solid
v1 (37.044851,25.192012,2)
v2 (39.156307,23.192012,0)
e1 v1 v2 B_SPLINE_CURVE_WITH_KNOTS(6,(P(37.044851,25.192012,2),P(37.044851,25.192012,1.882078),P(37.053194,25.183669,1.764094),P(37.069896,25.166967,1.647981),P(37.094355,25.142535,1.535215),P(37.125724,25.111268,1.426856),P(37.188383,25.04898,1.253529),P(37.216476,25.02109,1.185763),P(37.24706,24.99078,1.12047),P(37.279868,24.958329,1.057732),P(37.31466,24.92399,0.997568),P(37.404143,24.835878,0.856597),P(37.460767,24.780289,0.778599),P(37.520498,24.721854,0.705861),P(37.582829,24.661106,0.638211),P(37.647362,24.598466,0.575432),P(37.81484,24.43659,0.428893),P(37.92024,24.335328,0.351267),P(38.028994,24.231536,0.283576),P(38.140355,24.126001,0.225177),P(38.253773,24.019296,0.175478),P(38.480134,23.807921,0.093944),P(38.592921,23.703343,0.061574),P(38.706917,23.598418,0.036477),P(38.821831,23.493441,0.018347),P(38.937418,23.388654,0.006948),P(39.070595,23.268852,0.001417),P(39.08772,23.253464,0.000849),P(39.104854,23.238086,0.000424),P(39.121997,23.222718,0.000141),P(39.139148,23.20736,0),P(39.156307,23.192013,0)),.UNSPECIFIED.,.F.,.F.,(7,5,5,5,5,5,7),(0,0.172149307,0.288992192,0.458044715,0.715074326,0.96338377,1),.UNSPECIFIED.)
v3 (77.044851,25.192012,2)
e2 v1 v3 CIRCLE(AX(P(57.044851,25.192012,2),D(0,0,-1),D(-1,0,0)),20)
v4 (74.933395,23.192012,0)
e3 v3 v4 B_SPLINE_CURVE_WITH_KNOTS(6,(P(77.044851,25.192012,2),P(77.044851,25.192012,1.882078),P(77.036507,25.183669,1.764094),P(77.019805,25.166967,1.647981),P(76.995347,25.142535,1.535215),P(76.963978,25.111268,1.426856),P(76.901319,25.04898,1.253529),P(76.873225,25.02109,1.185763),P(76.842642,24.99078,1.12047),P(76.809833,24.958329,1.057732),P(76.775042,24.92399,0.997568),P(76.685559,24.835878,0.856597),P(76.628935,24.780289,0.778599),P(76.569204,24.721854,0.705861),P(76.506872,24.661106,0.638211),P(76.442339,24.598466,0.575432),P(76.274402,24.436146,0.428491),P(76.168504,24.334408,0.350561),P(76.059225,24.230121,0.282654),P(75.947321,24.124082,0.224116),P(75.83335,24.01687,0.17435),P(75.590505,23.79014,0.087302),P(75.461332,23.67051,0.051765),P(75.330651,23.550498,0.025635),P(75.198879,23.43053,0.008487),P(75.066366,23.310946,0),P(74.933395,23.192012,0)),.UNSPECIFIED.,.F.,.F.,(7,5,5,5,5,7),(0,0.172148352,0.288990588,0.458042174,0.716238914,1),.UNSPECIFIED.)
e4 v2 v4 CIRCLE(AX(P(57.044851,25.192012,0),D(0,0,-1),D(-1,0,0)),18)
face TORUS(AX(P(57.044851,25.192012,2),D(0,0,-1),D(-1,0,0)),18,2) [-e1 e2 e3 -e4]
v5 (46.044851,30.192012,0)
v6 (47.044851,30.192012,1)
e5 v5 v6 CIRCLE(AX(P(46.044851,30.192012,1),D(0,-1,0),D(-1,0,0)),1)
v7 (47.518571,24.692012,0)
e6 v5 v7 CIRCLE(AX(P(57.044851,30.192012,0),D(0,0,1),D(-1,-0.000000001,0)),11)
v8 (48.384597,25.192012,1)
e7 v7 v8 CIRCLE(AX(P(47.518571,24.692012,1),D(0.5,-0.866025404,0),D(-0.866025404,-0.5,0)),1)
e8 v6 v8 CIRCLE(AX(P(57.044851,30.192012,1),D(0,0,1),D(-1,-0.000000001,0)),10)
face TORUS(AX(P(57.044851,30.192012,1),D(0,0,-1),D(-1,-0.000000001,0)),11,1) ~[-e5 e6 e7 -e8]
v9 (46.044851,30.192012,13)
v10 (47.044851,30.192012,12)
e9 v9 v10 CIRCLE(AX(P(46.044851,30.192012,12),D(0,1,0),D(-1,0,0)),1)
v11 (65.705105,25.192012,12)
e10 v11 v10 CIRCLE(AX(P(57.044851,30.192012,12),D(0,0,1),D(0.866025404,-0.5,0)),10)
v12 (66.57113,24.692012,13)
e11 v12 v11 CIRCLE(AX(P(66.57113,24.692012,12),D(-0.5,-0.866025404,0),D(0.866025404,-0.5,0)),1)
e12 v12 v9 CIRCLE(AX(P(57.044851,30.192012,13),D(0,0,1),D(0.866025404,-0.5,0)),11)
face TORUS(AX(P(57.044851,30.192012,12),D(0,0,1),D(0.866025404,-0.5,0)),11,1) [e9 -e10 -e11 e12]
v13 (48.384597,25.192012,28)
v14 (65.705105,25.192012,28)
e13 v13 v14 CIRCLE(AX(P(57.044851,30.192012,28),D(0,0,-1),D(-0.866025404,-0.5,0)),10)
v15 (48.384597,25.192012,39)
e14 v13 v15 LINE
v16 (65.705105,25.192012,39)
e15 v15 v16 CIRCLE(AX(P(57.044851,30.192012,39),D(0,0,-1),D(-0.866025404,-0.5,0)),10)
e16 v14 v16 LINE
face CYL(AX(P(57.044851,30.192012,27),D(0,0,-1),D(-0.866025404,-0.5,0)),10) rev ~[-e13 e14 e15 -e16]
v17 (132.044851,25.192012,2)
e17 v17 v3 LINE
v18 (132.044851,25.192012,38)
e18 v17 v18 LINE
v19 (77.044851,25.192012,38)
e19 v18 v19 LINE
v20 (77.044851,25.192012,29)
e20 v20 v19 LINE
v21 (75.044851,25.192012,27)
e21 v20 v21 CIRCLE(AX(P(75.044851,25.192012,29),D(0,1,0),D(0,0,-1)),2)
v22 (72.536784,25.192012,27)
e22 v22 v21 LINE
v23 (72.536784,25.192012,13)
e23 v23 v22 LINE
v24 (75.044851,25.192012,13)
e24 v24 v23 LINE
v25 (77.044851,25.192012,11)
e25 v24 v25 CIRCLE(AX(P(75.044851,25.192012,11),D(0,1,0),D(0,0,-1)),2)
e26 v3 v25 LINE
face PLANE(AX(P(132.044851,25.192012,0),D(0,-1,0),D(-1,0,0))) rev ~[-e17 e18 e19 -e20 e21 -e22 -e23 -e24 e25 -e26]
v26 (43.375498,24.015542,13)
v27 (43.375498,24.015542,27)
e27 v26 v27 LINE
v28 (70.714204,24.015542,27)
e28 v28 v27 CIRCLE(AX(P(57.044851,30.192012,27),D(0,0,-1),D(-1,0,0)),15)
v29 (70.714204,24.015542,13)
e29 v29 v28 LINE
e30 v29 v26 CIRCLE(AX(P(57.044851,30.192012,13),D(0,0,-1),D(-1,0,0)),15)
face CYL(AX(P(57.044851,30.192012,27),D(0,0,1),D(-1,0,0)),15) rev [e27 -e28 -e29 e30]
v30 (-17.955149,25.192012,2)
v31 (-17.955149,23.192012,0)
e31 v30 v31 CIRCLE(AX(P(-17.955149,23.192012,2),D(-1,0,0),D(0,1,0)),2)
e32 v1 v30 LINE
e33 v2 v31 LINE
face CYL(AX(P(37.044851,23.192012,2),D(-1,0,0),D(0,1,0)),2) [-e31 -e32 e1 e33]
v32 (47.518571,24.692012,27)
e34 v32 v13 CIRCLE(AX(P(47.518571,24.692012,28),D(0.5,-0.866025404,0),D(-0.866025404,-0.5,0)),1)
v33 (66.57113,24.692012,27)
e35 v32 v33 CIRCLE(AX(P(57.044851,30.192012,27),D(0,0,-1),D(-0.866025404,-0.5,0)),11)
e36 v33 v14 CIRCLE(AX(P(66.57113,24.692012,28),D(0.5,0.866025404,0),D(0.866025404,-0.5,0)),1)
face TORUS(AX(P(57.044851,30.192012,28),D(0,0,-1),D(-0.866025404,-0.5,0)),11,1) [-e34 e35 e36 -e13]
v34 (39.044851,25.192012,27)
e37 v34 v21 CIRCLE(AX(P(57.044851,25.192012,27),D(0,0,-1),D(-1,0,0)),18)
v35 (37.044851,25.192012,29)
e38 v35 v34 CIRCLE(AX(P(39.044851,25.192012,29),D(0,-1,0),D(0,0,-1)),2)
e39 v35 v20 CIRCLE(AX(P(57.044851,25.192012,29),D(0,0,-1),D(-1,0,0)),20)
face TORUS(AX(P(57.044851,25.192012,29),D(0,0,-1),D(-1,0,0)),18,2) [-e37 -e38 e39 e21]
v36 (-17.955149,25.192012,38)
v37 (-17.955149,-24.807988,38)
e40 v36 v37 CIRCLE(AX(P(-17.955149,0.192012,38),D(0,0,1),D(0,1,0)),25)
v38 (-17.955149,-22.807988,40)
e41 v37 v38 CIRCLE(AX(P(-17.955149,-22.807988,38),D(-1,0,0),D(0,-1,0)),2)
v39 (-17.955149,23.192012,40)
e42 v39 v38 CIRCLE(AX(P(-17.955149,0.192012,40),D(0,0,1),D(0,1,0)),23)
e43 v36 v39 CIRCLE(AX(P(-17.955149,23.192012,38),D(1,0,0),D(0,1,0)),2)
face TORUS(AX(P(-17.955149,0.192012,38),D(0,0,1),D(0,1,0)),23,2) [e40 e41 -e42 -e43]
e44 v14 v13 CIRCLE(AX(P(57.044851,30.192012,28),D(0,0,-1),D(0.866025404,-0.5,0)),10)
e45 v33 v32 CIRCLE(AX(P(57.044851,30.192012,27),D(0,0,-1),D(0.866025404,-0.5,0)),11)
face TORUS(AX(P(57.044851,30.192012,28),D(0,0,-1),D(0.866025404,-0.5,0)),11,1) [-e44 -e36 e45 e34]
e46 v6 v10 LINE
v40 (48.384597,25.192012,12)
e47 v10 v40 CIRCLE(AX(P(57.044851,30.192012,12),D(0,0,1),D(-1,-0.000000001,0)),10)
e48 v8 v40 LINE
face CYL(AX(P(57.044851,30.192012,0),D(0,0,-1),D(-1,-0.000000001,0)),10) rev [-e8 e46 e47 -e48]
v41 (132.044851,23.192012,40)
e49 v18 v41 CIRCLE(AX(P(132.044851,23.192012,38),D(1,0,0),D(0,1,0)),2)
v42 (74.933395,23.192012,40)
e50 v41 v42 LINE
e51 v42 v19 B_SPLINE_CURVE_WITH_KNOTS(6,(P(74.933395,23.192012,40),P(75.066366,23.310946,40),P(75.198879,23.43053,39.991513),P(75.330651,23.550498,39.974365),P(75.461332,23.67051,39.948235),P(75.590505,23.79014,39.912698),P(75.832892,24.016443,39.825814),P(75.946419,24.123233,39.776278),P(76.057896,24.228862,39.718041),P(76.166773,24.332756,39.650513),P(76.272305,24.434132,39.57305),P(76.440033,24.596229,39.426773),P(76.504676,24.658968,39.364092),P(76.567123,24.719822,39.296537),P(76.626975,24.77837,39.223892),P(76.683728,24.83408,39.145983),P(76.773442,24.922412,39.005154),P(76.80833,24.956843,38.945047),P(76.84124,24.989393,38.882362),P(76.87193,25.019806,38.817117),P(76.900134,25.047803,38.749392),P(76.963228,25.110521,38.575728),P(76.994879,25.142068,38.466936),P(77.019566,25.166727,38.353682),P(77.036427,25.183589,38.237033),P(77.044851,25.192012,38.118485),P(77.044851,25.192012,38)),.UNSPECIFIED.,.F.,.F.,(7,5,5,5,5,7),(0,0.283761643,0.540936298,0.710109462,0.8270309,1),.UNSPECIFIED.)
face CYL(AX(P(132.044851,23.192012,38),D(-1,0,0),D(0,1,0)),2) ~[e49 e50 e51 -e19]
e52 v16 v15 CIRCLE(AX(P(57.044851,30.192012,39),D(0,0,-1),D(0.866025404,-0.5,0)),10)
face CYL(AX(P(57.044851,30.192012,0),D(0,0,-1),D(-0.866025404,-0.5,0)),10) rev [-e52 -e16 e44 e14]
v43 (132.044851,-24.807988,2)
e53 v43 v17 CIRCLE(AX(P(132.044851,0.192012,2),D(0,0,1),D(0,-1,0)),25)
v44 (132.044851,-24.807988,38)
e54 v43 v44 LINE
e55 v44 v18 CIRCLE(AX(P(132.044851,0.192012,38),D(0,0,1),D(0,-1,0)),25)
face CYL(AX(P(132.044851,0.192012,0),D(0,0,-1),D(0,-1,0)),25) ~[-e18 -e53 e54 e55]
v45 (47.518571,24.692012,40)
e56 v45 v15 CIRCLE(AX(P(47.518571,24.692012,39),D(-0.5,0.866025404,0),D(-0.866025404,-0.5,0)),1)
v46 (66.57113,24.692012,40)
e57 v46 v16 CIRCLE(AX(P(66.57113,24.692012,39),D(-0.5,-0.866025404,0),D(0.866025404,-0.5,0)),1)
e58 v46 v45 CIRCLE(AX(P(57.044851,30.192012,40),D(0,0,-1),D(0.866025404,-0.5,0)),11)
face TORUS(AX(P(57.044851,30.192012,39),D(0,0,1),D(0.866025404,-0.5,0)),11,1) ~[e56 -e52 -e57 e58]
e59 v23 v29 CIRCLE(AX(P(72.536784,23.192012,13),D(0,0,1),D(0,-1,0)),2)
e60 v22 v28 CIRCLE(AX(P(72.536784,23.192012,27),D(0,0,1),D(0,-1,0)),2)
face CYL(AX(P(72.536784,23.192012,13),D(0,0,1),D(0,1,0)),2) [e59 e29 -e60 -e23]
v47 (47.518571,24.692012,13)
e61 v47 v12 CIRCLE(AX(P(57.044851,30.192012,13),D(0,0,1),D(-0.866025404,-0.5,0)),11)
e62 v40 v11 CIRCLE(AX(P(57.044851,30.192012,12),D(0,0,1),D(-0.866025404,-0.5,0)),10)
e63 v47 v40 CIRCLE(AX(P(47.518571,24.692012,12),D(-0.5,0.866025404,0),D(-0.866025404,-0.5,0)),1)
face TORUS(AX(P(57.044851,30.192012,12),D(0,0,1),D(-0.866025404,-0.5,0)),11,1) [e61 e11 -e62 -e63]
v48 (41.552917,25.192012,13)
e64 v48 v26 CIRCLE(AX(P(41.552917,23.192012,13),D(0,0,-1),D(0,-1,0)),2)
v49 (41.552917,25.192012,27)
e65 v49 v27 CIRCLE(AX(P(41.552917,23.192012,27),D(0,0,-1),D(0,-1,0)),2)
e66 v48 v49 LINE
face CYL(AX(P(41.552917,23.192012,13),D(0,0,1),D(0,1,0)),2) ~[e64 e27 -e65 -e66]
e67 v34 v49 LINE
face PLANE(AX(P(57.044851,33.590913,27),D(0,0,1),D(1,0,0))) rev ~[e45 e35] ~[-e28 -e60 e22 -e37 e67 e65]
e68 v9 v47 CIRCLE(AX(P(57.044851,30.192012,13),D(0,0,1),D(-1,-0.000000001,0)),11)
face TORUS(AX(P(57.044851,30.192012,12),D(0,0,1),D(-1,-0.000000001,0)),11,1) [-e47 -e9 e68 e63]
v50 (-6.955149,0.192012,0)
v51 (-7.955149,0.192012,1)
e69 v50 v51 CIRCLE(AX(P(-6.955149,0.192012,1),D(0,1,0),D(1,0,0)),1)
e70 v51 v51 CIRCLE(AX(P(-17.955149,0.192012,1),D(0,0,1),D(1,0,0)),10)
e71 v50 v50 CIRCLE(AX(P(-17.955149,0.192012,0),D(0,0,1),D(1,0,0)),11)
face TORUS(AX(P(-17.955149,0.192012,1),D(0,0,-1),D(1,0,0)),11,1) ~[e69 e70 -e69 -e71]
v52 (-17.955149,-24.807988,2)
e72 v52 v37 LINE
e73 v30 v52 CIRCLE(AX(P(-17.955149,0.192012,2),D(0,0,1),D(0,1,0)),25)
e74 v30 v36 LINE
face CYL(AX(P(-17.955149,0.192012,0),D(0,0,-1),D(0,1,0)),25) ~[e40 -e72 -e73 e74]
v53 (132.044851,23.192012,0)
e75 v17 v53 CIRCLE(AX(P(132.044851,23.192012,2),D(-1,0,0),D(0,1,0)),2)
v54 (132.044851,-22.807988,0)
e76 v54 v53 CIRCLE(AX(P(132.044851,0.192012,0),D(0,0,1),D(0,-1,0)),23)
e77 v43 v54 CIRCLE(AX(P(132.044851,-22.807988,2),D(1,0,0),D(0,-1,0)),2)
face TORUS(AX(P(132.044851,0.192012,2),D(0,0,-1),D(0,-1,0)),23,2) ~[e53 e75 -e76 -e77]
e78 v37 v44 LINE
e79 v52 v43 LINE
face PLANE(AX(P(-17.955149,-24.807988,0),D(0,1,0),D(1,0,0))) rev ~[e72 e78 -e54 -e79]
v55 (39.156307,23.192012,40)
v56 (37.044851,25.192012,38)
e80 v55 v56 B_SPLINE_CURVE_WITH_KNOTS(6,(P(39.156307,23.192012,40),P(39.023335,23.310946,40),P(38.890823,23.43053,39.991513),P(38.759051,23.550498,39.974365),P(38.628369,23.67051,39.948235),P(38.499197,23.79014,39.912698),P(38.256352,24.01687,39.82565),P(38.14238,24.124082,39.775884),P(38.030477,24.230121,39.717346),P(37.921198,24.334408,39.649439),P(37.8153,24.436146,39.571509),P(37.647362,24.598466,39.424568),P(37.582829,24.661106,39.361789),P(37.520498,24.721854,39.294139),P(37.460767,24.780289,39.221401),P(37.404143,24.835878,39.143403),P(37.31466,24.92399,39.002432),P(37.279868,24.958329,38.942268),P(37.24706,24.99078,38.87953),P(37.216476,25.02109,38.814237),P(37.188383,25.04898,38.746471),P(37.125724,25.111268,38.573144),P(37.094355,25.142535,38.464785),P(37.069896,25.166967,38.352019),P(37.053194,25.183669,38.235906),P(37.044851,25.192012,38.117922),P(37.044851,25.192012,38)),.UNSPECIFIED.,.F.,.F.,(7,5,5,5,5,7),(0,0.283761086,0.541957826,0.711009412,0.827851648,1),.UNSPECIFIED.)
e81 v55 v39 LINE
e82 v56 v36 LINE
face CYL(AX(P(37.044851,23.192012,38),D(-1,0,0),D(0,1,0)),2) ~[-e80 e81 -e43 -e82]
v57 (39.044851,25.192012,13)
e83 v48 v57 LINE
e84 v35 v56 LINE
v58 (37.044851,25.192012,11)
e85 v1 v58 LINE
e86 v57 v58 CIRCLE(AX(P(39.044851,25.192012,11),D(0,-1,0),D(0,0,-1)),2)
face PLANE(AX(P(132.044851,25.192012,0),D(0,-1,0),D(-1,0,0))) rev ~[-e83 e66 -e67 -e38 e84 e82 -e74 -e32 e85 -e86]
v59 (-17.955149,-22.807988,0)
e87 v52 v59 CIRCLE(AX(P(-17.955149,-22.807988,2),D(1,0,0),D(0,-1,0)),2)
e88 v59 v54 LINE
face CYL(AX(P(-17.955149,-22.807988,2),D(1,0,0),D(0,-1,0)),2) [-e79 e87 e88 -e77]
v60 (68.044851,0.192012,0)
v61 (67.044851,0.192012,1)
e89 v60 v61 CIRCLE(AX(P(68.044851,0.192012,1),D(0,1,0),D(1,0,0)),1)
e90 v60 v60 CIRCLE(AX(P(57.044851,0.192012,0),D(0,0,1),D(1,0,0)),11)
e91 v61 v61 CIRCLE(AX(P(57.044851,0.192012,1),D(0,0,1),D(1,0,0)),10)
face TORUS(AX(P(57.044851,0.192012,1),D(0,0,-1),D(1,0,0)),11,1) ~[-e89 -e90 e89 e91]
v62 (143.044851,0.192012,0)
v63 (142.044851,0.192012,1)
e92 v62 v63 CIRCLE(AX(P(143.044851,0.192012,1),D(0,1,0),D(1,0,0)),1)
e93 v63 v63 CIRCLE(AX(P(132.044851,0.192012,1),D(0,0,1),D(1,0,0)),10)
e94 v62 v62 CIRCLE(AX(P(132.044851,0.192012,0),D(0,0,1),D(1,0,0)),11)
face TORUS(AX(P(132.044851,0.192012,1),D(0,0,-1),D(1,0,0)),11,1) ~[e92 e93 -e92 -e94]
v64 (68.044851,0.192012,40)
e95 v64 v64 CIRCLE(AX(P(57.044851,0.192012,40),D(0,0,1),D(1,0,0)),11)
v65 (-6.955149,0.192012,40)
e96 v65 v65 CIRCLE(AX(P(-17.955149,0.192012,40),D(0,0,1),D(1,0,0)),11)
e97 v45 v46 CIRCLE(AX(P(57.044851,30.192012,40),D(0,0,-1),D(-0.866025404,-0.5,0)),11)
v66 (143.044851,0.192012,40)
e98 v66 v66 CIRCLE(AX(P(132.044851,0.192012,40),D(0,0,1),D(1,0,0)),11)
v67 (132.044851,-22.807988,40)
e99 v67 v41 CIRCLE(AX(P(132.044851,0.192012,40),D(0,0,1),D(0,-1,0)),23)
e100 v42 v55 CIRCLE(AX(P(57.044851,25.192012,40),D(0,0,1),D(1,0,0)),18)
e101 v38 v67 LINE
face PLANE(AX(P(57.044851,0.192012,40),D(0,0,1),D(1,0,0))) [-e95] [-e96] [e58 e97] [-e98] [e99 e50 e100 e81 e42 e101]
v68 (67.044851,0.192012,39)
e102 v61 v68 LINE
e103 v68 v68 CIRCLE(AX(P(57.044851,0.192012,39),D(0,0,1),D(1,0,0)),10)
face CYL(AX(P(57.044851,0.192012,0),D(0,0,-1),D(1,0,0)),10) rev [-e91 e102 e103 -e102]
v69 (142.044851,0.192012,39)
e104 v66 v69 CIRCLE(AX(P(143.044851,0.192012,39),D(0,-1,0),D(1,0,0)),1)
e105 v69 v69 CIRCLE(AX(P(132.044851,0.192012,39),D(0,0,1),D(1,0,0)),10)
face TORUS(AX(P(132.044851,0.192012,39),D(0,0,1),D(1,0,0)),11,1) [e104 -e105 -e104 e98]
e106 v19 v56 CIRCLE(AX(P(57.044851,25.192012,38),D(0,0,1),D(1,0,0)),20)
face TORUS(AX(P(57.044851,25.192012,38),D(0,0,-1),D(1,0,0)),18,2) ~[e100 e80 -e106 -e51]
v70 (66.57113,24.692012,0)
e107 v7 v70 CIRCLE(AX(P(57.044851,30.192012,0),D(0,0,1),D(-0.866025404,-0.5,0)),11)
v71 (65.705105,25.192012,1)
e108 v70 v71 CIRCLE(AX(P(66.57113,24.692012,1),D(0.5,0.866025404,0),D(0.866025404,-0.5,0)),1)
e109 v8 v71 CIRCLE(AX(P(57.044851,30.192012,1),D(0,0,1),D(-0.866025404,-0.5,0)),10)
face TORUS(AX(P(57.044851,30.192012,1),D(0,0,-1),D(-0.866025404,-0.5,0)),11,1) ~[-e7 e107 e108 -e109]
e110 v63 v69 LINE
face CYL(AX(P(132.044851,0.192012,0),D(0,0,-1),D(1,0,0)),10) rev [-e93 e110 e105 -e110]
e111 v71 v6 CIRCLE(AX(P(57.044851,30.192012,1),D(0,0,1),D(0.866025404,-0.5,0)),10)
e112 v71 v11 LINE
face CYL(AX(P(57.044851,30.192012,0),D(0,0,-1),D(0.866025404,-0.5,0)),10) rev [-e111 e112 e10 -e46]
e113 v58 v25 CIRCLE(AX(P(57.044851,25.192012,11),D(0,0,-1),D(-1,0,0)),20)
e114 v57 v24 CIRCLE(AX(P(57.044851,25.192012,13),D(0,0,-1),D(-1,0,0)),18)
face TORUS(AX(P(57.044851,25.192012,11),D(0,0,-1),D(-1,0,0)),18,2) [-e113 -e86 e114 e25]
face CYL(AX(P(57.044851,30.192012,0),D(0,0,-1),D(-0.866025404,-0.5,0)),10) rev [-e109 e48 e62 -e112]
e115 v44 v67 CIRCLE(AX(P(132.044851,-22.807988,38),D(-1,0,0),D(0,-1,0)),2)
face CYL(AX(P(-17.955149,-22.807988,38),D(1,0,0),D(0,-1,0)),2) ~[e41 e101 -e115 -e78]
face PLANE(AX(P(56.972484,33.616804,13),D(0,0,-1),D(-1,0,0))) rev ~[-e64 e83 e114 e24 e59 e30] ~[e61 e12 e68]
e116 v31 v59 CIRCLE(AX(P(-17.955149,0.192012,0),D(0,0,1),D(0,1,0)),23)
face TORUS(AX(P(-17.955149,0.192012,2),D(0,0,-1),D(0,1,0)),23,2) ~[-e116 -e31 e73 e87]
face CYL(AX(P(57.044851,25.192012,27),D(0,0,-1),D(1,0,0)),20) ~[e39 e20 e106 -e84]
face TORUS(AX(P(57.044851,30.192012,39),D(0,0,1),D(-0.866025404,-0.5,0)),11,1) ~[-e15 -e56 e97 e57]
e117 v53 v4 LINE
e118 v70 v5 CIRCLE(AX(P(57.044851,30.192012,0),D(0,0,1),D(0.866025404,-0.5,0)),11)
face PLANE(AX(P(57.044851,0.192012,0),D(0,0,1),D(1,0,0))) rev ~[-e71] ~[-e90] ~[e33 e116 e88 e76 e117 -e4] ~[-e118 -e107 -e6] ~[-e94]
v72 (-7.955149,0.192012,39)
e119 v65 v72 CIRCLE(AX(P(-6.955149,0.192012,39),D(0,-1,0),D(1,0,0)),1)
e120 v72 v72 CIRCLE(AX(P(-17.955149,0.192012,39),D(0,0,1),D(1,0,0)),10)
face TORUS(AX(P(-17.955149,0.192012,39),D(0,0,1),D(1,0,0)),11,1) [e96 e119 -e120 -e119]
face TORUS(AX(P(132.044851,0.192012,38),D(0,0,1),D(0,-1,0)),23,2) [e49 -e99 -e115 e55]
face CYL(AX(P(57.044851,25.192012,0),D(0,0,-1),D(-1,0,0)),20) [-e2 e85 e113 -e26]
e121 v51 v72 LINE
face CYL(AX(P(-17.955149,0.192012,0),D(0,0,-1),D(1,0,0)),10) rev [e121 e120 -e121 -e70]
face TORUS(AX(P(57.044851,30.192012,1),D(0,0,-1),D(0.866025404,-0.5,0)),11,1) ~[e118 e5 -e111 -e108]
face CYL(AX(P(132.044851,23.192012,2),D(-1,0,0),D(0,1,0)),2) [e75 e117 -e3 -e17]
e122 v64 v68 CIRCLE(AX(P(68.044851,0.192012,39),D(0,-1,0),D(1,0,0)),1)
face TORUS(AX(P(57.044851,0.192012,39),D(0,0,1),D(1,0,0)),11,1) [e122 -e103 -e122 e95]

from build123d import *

# Parameters (mm, degrees)
ESQUISSE1_R             = 10
BOSS_EXTRU_1_DEPTH      = 40
BOSS_EXTRU_6_DEPTH      = 13
BOSS_EXTRU_7_START      = -13
BOSS_EXTRU_7_DEPTH      = 13
ENL_V_START             = -40
ENL_V_MAT_EXTRU_3_DEPTH = 40
ESQUISSE16_R            = 15
ENL_V_MAT_EXTRU_8_DEPTH = 14
CONG_4_R                = 2
CONG_5_R                = 1


with BuildPart() as part:
    # Esquisse1 → Boss.-Extru.1 (new body)
    with BuildSketch(Plane.XY):
        with BuildLine():
            Line((132.044850808, 25.192012488), (-17.955149192, 25.192012488))
            ThreePointArc((-17.955149192, 25.192012488), (-42.955149192, 0.192012488), (-17.955149192, -24.807987512))
            Line((-17.955149192, -24.807987512), (132.044850808, -24.807987512))
            ThreePointArc((132.044850808, -24.807987512), (157.044850808, 0.192012488), (132.044850808, 25.192012488))
        make_face()
        with Locations((57.044850808, 0.192012488)):
            Circle(ESQUISSE1_R, mode=Mode.SUBTRACT)
        with Locations((132.044850808, 0.192012488)):
            Circle(ESQUISSE1_R, mode=Mode.SUBTRACT)
        with Locations((-17.955149192, 0.192012488)):
            Circle(ESQUISSE1_R, mode=Mode.SUBTRACT)
    extrude(amount=BOSS_EXTRU_1_DEPTH)

    # Esquisse2 → Boss.-Extru.6 (add)
    with BuildSketch(Plane(origin=(0, 0, 0), x_dir=(-1, 0, 0), z_dir=(0, 0, -1))):
        with BuildLine():
            Line((-77.044850808, 25.192012488), (-65.705104846, 25.192012488))
            ThreePointArc((-65.705104846, 25.192012488), (-59.633041259, 39.85127075), (-47.044850808, 30.192012488))
            ThreePointArc((-47.044850808, 30.192012488), (-47.385592546, 27.603822037), (-48.384596771, 25.192012488))
            Line((-48.384596771, 25.192012488), (-37.044850808, 25.192012488))
            ThreePointArc((-37.044850808, 25.192012488), (-57.044850808, 45.192012488), (-77.044850808, 25.192012488))
        make_face()
    extrude(amount=-BOSS_EXTRU_6_DEPTH)

    # Esquisse12 → Boss.-Extru.7 (add)
    with BuildSketch(Plane.XY.offset(40).offset(BOSS_EXTRU_7_START)):
        with BuildLine():
            ThreePointArc((48.384596771, 25.192012488), (57.044850808, 40.192012488), (65.705104846, 25.192012488))
            Line((65.705104846, 25.192012488), (77.044850808, 25.192012488))
            ThreePointArc((77.044850808, 25.192012488), (57.044850808, 45.192012488), (37.044850808, 25.192012488))
            Line((37.044850808, 25.192012488), (48.384596771, 25.192012488))
        make_face()
    extrude(amount=BOSS_EXTRU_7_DEPTH)

    # Esquisse14 → Enlèv. mat.-Extru.3 (cut)
    with BuildSketch(Plane.XY.offset(40).offset(ENL_V_START)):
        with BuildLine():
            Line((65.705104846, 25.192012488), (57.044850808, 25.192012488))
            Line((57.044850808, 25.192012488), (48.384596771, 25.192012488))
            ThreePointArc((48.384596771, 25.192012488), (57.044850808, 20.192012488), (65.705104846, 25.192012488))
        make_face()
    extrude(amount=ENL_V_MAT_EXTRU_3_DEPTH, mode=Mode.SUBTRACT)

    # Esquisse16 → Enlèv. mat.-Extru.8 (cut)
    with BuildSketch(Plane(origin=(0, 0, 27), x_dir=(-1, 0, 0), z_dir=(0, 0, -1))):
        with Locations((-57.044850808, 30.192012488)):
            Circle(ESQUISSE16_R)
    extrude(amount=ENL_V_MAT_EXTRU_8_DEPTH, mode=Mode.SUBTRACT)

    # Congé4
    cong_4_edges = [part.edges().sort_by_distance(p)[0] for p in [
        (57.044850808, 45.192012488, 0),
        (57.044850808, 45.192012488, 13),
        (57.044850808, 45.192012488, 40),
        (57.044850808, 45.192012488, 27),
        (71.186986432, 25.192012488, 20),
        (42.902715185, 25.192012488, 20),
        (157.044850808, 0.192012488, 40),
        (157.044850808, 0.192012488, 0),
        (104.544850808, 25.192012488, 0),
        (104.544850808, 25.192012488, 40),
        (57.044850808, -24.807987512, 40),
        (57.044850808, -24.807987512, 0),
        (-42.955149192, 0.192012488, 0),
        (-42.955149192, 0.192012488, 40),
        (9.544850808, 25.192012488, 0),
        (9.544850808, 25.192012488, 40),
    ]]
    fillet(cong_4_edges, radius=CONG_4_R)

    # Congé5
    cong_5_edges = [part.edges().sort_by_distance(p)[0] for p in [
        (-27.955149192, 0.192012488, 0),
        (122.044850808, 0.192012488, 0),
        (47.044850808, 0.192012488, 0),
        (67.044850808, 30.192012488, 0),
        (65.705104846, 35.192012488, 27),
        (122.044850808, 0.192012488, 40),
        (-27.955149192, 0.192012488, 40),
        (47.044850808, 0.192012488, 40),
        (65.705104846, 35.192012488, 40),
        (67.044850808, 30.192012488, 13),
    ]]
    fillet(cong_5_edges, radius=CONG_5_R)


solid = part.part
